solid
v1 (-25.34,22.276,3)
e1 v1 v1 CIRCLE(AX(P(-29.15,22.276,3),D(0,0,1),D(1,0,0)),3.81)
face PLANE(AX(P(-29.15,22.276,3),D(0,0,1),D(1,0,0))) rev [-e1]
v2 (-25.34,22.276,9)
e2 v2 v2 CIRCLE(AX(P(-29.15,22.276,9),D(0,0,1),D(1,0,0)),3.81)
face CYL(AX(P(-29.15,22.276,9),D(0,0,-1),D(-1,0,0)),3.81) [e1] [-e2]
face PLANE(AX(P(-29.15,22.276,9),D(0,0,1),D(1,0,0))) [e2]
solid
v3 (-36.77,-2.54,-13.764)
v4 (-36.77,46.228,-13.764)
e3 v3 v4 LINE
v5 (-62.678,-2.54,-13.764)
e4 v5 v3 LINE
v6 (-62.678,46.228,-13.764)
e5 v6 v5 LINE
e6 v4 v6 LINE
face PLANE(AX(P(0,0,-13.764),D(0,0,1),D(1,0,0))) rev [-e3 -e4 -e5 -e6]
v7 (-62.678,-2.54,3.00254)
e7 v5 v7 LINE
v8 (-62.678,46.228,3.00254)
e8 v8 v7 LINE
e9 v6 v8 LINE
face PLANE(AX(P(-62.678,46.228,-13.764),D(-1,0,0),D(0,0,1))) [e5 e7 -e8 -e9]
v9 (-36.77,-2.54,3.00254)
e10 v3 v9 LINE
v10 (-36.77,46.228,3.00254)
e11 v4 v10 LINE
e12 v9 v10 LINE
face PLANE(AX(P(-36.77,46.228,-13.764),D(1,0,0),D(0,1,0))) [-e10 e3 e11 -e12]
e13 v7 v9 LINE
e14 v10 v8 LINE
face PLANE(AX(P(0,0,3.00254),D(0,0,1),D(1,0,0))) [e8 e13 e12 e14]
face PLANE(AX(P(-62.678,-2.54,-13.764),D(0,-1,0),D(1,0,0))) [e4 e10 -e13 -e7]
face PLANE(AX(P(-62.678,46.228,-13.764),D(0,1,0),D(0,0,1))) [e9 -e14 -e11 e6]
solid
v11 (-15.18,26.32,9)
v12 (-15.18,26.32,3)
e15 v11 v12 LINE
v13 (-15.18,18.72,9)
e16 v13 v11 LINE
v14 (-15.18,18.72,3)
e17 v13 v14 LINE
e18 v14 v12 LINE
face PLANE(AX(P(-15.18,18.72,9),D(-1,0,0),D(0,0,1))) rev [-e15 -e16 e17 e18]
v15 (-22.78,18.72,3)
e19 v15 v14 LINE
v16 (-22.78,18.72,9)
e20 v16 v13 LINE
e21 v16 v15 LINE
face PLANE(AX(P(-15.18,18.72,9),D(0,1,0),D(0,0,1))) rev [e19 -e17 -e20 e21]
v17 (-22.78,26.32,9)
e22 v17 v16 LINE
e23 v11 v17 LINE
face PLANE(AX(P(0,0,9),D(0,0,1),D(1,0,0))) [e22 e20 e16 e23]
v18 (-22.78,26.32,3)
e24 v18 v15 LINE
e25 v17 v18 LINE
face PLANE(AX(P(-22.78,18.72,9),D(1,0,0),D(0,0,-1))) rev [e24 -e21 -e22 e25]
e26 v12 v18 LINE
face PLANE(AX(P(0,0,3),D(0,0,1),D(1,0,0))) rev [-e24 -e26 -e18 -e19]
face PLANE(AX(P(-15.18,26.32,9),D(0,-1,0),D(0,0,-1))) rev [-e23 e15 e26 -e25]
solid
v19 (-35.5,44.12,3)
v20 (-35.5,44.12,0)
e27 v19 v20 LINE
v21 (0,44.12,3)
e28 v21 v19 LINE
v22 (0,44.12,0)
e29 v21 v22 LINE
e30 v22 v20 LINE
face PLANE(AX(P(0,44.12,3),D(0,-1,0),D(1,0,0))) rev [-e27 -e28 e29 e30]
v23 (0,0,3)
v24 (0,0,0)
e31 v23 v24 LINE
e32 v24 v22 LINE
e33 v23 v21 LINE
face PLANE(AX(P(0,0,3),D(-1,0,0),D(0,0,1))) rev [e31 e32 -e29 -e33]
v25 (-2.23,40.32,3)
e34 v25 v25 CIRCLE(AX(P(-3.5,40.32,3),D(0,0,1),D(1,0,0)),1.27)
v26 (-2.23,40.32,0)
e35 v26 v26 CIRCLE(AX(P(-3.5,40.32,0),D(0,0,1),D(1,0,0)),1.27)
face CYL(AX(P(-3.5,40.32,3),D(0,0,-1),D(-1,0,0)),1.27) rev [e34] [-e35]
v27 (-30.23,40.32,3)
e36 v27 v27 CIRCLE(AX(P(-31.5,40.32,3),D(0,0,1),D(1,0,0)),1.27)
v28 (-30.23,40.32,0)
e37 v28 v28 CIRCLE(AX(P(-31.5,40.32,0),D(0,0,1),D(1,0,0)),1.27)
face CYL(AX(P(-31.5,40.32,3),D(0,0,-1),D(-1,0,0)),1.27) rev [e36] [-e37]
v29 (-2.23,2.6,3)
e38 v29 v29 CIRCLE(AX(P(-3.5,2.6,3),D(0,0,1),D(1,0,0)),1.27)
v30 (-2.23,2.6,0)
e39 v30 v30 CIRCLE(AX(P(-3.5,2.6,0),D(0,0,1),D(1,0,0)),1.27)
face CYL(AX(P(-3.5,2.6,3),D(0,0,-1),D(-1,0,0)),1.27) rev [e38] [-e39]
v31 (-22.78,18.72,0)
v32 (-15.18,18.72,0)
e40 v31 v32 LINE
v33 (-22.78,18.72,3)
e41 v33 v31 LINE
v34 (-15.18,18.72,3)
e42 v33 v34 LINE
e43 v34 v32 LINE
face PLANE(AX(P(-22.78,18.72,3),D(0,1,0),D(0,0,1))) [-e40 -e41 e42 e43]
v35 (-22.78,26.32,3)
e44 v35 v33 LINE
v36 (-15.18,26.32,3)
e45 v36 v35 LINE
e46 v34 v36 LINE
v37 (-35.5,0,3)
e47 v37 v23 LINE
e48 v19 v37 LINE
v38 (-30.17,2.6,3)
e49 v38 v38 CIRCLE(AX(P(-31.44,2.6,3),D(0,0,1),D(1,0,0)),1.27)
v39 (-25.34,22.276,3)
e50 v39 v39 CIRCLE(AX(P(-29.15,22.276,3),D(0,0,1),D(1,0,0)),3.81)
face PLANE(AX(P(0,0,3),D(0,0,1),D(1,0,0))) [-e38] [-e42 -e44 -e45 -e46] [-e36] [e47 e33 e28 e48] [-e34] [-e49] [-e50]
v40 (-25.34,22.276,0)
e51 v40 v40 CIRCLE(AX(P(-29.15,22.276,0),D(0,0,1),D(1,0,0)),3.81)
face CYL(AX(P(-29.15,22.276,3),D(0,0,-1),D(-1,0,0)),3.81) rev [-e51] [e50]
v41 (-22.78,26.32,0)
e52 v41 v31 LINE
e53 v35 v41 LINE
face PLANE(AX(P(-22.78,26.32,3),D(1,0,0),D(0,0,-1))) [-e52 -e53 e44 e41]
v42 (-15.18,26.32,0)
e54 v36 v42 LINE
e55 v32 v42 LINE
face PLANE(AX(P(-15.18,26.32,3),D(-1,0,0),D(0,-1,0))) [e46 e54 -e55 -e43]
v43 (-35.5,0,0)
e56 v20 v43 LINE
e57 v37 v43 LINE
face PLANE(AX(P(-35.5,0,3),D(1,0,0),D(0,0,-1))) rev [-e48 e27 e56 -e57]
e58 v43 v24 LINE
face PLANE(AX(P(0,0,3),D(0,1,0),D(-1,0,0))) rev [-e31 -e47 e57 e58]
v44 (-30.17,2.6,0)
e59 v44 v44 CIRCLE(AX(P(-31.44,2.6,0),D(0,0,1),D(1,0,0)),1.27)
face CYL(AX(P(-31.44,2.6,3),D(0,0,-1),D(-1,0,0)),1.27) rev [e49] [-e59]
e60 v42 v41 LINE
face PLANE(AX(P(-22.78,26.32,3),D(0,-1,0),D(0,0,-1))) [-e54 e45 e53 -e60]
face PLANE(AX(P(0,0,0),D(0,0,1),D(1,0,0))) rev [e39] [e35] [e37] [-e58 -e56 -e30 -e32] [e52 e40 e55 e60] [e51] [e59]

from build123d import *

# Parameters (mm, degrees)
SKETCH1_W                = 35.5
SKETCH1_H                = 44.12
SKETCH1_R                = 3.81
SKETCH1_R_2              = 1.27
SKETCH1_W_2              = 7.6
SKETCH1_H_2              = 7.6
BOSS_EXTRUDE1_DEPTH      = 3
SKETCH2_W                = 25.908
SKETCH2_H                = 48.768
BOSS_EXTRUDE4_DEPTH      = 0.00254
BOSS_EXTRUDE4_DEPTH_BACK = 16.764
SKETCH3_R                = 3.81
BOSS_EXTRUDE5_DEPTH      = 6
SKETCH3_W                = 7.6
SKETCH3_H                = 7.6
BOSS_EXTRUDE5_2_DEPTH    = 6


with BuildPart() as part:
    # Sketch1 → Boss-Extrude1 (new body)
    with BuildSketch(Plane.XY):
        with Locations((-17.75, 22.06)):
            Rectangle(SKETCH1_W, SKETCH1_H)
        with Locations((-29.15, 22.276)):
            Circle(SKETCH1_R, mode=Mode.SUBTRACT)
        with Locations((-31.44, 2.6)):
            Circle(SKETCH1_R_2, mode=Mode.SUBTRACT)
        with Locations((-3.5, 2.6)):
            Circle(SKETCH1_R_2, mode=Mode.SUBTRACT)
        with Locations((-3.5, 40.32)):
            Circle(SKETCH1_R_2, mode=Mode.SUBTRACT)
        with Locations((-31.5, 40.32)):
            Circle(SKETCH1_R_2, mode=Mode.SUBTRACT)
        with Locations((-18.98, 22.52)):
            Rectangle(SKETCH1_W_2, SKETCH1_H_2, mode=Mode.SUBTRACT)
    extrude(amount=BOSS_EXTRUDE1_DEPTH)


with BuildPart() as body_2:
    # Sketch2 → Boss-Extrude4 (new body, two sides)
    with BuildSketch(Plane.XY.offset(3)) as boss_extrude4_sk:
        with Locations((-49.724, 21.844)):
            Rectangle(SKETCH2_W, SKETCH2_H)
    extrude(amount=BOSS_EXTRUDE4_DEPTH)
    extrude(boss_extrude4_sk.sketch, amount=-BOSS_EXTRUDE4_DEPTH_BACK)


with BuildPart() as body_3:
    # Sketch3 → Boss-Extrude5 (new body)
    with BuildSketch(Plane.XY.offset(3)):
        with Locations((-29.15, 22.276)):
            Circle(SKETCH3_R)
    extrude(amount=BOSS_EXTRUDE5_DEPTH)


with BuildPart() as body_4:
    # Sketch3 → Boss-Extrude5 2 (new body)
    with BuildSketch(Plane.XY.offset(3)):
        with Locations((-18.98, 22.52)):
            Rectangle(SKETCH3_W, SKETCH3_H)
    extrude(amount=BOSS_EXTRUDE5_2_DEPTH)


solid = Compound([part.part, body_2.part, body_3.part, body_4.part])
